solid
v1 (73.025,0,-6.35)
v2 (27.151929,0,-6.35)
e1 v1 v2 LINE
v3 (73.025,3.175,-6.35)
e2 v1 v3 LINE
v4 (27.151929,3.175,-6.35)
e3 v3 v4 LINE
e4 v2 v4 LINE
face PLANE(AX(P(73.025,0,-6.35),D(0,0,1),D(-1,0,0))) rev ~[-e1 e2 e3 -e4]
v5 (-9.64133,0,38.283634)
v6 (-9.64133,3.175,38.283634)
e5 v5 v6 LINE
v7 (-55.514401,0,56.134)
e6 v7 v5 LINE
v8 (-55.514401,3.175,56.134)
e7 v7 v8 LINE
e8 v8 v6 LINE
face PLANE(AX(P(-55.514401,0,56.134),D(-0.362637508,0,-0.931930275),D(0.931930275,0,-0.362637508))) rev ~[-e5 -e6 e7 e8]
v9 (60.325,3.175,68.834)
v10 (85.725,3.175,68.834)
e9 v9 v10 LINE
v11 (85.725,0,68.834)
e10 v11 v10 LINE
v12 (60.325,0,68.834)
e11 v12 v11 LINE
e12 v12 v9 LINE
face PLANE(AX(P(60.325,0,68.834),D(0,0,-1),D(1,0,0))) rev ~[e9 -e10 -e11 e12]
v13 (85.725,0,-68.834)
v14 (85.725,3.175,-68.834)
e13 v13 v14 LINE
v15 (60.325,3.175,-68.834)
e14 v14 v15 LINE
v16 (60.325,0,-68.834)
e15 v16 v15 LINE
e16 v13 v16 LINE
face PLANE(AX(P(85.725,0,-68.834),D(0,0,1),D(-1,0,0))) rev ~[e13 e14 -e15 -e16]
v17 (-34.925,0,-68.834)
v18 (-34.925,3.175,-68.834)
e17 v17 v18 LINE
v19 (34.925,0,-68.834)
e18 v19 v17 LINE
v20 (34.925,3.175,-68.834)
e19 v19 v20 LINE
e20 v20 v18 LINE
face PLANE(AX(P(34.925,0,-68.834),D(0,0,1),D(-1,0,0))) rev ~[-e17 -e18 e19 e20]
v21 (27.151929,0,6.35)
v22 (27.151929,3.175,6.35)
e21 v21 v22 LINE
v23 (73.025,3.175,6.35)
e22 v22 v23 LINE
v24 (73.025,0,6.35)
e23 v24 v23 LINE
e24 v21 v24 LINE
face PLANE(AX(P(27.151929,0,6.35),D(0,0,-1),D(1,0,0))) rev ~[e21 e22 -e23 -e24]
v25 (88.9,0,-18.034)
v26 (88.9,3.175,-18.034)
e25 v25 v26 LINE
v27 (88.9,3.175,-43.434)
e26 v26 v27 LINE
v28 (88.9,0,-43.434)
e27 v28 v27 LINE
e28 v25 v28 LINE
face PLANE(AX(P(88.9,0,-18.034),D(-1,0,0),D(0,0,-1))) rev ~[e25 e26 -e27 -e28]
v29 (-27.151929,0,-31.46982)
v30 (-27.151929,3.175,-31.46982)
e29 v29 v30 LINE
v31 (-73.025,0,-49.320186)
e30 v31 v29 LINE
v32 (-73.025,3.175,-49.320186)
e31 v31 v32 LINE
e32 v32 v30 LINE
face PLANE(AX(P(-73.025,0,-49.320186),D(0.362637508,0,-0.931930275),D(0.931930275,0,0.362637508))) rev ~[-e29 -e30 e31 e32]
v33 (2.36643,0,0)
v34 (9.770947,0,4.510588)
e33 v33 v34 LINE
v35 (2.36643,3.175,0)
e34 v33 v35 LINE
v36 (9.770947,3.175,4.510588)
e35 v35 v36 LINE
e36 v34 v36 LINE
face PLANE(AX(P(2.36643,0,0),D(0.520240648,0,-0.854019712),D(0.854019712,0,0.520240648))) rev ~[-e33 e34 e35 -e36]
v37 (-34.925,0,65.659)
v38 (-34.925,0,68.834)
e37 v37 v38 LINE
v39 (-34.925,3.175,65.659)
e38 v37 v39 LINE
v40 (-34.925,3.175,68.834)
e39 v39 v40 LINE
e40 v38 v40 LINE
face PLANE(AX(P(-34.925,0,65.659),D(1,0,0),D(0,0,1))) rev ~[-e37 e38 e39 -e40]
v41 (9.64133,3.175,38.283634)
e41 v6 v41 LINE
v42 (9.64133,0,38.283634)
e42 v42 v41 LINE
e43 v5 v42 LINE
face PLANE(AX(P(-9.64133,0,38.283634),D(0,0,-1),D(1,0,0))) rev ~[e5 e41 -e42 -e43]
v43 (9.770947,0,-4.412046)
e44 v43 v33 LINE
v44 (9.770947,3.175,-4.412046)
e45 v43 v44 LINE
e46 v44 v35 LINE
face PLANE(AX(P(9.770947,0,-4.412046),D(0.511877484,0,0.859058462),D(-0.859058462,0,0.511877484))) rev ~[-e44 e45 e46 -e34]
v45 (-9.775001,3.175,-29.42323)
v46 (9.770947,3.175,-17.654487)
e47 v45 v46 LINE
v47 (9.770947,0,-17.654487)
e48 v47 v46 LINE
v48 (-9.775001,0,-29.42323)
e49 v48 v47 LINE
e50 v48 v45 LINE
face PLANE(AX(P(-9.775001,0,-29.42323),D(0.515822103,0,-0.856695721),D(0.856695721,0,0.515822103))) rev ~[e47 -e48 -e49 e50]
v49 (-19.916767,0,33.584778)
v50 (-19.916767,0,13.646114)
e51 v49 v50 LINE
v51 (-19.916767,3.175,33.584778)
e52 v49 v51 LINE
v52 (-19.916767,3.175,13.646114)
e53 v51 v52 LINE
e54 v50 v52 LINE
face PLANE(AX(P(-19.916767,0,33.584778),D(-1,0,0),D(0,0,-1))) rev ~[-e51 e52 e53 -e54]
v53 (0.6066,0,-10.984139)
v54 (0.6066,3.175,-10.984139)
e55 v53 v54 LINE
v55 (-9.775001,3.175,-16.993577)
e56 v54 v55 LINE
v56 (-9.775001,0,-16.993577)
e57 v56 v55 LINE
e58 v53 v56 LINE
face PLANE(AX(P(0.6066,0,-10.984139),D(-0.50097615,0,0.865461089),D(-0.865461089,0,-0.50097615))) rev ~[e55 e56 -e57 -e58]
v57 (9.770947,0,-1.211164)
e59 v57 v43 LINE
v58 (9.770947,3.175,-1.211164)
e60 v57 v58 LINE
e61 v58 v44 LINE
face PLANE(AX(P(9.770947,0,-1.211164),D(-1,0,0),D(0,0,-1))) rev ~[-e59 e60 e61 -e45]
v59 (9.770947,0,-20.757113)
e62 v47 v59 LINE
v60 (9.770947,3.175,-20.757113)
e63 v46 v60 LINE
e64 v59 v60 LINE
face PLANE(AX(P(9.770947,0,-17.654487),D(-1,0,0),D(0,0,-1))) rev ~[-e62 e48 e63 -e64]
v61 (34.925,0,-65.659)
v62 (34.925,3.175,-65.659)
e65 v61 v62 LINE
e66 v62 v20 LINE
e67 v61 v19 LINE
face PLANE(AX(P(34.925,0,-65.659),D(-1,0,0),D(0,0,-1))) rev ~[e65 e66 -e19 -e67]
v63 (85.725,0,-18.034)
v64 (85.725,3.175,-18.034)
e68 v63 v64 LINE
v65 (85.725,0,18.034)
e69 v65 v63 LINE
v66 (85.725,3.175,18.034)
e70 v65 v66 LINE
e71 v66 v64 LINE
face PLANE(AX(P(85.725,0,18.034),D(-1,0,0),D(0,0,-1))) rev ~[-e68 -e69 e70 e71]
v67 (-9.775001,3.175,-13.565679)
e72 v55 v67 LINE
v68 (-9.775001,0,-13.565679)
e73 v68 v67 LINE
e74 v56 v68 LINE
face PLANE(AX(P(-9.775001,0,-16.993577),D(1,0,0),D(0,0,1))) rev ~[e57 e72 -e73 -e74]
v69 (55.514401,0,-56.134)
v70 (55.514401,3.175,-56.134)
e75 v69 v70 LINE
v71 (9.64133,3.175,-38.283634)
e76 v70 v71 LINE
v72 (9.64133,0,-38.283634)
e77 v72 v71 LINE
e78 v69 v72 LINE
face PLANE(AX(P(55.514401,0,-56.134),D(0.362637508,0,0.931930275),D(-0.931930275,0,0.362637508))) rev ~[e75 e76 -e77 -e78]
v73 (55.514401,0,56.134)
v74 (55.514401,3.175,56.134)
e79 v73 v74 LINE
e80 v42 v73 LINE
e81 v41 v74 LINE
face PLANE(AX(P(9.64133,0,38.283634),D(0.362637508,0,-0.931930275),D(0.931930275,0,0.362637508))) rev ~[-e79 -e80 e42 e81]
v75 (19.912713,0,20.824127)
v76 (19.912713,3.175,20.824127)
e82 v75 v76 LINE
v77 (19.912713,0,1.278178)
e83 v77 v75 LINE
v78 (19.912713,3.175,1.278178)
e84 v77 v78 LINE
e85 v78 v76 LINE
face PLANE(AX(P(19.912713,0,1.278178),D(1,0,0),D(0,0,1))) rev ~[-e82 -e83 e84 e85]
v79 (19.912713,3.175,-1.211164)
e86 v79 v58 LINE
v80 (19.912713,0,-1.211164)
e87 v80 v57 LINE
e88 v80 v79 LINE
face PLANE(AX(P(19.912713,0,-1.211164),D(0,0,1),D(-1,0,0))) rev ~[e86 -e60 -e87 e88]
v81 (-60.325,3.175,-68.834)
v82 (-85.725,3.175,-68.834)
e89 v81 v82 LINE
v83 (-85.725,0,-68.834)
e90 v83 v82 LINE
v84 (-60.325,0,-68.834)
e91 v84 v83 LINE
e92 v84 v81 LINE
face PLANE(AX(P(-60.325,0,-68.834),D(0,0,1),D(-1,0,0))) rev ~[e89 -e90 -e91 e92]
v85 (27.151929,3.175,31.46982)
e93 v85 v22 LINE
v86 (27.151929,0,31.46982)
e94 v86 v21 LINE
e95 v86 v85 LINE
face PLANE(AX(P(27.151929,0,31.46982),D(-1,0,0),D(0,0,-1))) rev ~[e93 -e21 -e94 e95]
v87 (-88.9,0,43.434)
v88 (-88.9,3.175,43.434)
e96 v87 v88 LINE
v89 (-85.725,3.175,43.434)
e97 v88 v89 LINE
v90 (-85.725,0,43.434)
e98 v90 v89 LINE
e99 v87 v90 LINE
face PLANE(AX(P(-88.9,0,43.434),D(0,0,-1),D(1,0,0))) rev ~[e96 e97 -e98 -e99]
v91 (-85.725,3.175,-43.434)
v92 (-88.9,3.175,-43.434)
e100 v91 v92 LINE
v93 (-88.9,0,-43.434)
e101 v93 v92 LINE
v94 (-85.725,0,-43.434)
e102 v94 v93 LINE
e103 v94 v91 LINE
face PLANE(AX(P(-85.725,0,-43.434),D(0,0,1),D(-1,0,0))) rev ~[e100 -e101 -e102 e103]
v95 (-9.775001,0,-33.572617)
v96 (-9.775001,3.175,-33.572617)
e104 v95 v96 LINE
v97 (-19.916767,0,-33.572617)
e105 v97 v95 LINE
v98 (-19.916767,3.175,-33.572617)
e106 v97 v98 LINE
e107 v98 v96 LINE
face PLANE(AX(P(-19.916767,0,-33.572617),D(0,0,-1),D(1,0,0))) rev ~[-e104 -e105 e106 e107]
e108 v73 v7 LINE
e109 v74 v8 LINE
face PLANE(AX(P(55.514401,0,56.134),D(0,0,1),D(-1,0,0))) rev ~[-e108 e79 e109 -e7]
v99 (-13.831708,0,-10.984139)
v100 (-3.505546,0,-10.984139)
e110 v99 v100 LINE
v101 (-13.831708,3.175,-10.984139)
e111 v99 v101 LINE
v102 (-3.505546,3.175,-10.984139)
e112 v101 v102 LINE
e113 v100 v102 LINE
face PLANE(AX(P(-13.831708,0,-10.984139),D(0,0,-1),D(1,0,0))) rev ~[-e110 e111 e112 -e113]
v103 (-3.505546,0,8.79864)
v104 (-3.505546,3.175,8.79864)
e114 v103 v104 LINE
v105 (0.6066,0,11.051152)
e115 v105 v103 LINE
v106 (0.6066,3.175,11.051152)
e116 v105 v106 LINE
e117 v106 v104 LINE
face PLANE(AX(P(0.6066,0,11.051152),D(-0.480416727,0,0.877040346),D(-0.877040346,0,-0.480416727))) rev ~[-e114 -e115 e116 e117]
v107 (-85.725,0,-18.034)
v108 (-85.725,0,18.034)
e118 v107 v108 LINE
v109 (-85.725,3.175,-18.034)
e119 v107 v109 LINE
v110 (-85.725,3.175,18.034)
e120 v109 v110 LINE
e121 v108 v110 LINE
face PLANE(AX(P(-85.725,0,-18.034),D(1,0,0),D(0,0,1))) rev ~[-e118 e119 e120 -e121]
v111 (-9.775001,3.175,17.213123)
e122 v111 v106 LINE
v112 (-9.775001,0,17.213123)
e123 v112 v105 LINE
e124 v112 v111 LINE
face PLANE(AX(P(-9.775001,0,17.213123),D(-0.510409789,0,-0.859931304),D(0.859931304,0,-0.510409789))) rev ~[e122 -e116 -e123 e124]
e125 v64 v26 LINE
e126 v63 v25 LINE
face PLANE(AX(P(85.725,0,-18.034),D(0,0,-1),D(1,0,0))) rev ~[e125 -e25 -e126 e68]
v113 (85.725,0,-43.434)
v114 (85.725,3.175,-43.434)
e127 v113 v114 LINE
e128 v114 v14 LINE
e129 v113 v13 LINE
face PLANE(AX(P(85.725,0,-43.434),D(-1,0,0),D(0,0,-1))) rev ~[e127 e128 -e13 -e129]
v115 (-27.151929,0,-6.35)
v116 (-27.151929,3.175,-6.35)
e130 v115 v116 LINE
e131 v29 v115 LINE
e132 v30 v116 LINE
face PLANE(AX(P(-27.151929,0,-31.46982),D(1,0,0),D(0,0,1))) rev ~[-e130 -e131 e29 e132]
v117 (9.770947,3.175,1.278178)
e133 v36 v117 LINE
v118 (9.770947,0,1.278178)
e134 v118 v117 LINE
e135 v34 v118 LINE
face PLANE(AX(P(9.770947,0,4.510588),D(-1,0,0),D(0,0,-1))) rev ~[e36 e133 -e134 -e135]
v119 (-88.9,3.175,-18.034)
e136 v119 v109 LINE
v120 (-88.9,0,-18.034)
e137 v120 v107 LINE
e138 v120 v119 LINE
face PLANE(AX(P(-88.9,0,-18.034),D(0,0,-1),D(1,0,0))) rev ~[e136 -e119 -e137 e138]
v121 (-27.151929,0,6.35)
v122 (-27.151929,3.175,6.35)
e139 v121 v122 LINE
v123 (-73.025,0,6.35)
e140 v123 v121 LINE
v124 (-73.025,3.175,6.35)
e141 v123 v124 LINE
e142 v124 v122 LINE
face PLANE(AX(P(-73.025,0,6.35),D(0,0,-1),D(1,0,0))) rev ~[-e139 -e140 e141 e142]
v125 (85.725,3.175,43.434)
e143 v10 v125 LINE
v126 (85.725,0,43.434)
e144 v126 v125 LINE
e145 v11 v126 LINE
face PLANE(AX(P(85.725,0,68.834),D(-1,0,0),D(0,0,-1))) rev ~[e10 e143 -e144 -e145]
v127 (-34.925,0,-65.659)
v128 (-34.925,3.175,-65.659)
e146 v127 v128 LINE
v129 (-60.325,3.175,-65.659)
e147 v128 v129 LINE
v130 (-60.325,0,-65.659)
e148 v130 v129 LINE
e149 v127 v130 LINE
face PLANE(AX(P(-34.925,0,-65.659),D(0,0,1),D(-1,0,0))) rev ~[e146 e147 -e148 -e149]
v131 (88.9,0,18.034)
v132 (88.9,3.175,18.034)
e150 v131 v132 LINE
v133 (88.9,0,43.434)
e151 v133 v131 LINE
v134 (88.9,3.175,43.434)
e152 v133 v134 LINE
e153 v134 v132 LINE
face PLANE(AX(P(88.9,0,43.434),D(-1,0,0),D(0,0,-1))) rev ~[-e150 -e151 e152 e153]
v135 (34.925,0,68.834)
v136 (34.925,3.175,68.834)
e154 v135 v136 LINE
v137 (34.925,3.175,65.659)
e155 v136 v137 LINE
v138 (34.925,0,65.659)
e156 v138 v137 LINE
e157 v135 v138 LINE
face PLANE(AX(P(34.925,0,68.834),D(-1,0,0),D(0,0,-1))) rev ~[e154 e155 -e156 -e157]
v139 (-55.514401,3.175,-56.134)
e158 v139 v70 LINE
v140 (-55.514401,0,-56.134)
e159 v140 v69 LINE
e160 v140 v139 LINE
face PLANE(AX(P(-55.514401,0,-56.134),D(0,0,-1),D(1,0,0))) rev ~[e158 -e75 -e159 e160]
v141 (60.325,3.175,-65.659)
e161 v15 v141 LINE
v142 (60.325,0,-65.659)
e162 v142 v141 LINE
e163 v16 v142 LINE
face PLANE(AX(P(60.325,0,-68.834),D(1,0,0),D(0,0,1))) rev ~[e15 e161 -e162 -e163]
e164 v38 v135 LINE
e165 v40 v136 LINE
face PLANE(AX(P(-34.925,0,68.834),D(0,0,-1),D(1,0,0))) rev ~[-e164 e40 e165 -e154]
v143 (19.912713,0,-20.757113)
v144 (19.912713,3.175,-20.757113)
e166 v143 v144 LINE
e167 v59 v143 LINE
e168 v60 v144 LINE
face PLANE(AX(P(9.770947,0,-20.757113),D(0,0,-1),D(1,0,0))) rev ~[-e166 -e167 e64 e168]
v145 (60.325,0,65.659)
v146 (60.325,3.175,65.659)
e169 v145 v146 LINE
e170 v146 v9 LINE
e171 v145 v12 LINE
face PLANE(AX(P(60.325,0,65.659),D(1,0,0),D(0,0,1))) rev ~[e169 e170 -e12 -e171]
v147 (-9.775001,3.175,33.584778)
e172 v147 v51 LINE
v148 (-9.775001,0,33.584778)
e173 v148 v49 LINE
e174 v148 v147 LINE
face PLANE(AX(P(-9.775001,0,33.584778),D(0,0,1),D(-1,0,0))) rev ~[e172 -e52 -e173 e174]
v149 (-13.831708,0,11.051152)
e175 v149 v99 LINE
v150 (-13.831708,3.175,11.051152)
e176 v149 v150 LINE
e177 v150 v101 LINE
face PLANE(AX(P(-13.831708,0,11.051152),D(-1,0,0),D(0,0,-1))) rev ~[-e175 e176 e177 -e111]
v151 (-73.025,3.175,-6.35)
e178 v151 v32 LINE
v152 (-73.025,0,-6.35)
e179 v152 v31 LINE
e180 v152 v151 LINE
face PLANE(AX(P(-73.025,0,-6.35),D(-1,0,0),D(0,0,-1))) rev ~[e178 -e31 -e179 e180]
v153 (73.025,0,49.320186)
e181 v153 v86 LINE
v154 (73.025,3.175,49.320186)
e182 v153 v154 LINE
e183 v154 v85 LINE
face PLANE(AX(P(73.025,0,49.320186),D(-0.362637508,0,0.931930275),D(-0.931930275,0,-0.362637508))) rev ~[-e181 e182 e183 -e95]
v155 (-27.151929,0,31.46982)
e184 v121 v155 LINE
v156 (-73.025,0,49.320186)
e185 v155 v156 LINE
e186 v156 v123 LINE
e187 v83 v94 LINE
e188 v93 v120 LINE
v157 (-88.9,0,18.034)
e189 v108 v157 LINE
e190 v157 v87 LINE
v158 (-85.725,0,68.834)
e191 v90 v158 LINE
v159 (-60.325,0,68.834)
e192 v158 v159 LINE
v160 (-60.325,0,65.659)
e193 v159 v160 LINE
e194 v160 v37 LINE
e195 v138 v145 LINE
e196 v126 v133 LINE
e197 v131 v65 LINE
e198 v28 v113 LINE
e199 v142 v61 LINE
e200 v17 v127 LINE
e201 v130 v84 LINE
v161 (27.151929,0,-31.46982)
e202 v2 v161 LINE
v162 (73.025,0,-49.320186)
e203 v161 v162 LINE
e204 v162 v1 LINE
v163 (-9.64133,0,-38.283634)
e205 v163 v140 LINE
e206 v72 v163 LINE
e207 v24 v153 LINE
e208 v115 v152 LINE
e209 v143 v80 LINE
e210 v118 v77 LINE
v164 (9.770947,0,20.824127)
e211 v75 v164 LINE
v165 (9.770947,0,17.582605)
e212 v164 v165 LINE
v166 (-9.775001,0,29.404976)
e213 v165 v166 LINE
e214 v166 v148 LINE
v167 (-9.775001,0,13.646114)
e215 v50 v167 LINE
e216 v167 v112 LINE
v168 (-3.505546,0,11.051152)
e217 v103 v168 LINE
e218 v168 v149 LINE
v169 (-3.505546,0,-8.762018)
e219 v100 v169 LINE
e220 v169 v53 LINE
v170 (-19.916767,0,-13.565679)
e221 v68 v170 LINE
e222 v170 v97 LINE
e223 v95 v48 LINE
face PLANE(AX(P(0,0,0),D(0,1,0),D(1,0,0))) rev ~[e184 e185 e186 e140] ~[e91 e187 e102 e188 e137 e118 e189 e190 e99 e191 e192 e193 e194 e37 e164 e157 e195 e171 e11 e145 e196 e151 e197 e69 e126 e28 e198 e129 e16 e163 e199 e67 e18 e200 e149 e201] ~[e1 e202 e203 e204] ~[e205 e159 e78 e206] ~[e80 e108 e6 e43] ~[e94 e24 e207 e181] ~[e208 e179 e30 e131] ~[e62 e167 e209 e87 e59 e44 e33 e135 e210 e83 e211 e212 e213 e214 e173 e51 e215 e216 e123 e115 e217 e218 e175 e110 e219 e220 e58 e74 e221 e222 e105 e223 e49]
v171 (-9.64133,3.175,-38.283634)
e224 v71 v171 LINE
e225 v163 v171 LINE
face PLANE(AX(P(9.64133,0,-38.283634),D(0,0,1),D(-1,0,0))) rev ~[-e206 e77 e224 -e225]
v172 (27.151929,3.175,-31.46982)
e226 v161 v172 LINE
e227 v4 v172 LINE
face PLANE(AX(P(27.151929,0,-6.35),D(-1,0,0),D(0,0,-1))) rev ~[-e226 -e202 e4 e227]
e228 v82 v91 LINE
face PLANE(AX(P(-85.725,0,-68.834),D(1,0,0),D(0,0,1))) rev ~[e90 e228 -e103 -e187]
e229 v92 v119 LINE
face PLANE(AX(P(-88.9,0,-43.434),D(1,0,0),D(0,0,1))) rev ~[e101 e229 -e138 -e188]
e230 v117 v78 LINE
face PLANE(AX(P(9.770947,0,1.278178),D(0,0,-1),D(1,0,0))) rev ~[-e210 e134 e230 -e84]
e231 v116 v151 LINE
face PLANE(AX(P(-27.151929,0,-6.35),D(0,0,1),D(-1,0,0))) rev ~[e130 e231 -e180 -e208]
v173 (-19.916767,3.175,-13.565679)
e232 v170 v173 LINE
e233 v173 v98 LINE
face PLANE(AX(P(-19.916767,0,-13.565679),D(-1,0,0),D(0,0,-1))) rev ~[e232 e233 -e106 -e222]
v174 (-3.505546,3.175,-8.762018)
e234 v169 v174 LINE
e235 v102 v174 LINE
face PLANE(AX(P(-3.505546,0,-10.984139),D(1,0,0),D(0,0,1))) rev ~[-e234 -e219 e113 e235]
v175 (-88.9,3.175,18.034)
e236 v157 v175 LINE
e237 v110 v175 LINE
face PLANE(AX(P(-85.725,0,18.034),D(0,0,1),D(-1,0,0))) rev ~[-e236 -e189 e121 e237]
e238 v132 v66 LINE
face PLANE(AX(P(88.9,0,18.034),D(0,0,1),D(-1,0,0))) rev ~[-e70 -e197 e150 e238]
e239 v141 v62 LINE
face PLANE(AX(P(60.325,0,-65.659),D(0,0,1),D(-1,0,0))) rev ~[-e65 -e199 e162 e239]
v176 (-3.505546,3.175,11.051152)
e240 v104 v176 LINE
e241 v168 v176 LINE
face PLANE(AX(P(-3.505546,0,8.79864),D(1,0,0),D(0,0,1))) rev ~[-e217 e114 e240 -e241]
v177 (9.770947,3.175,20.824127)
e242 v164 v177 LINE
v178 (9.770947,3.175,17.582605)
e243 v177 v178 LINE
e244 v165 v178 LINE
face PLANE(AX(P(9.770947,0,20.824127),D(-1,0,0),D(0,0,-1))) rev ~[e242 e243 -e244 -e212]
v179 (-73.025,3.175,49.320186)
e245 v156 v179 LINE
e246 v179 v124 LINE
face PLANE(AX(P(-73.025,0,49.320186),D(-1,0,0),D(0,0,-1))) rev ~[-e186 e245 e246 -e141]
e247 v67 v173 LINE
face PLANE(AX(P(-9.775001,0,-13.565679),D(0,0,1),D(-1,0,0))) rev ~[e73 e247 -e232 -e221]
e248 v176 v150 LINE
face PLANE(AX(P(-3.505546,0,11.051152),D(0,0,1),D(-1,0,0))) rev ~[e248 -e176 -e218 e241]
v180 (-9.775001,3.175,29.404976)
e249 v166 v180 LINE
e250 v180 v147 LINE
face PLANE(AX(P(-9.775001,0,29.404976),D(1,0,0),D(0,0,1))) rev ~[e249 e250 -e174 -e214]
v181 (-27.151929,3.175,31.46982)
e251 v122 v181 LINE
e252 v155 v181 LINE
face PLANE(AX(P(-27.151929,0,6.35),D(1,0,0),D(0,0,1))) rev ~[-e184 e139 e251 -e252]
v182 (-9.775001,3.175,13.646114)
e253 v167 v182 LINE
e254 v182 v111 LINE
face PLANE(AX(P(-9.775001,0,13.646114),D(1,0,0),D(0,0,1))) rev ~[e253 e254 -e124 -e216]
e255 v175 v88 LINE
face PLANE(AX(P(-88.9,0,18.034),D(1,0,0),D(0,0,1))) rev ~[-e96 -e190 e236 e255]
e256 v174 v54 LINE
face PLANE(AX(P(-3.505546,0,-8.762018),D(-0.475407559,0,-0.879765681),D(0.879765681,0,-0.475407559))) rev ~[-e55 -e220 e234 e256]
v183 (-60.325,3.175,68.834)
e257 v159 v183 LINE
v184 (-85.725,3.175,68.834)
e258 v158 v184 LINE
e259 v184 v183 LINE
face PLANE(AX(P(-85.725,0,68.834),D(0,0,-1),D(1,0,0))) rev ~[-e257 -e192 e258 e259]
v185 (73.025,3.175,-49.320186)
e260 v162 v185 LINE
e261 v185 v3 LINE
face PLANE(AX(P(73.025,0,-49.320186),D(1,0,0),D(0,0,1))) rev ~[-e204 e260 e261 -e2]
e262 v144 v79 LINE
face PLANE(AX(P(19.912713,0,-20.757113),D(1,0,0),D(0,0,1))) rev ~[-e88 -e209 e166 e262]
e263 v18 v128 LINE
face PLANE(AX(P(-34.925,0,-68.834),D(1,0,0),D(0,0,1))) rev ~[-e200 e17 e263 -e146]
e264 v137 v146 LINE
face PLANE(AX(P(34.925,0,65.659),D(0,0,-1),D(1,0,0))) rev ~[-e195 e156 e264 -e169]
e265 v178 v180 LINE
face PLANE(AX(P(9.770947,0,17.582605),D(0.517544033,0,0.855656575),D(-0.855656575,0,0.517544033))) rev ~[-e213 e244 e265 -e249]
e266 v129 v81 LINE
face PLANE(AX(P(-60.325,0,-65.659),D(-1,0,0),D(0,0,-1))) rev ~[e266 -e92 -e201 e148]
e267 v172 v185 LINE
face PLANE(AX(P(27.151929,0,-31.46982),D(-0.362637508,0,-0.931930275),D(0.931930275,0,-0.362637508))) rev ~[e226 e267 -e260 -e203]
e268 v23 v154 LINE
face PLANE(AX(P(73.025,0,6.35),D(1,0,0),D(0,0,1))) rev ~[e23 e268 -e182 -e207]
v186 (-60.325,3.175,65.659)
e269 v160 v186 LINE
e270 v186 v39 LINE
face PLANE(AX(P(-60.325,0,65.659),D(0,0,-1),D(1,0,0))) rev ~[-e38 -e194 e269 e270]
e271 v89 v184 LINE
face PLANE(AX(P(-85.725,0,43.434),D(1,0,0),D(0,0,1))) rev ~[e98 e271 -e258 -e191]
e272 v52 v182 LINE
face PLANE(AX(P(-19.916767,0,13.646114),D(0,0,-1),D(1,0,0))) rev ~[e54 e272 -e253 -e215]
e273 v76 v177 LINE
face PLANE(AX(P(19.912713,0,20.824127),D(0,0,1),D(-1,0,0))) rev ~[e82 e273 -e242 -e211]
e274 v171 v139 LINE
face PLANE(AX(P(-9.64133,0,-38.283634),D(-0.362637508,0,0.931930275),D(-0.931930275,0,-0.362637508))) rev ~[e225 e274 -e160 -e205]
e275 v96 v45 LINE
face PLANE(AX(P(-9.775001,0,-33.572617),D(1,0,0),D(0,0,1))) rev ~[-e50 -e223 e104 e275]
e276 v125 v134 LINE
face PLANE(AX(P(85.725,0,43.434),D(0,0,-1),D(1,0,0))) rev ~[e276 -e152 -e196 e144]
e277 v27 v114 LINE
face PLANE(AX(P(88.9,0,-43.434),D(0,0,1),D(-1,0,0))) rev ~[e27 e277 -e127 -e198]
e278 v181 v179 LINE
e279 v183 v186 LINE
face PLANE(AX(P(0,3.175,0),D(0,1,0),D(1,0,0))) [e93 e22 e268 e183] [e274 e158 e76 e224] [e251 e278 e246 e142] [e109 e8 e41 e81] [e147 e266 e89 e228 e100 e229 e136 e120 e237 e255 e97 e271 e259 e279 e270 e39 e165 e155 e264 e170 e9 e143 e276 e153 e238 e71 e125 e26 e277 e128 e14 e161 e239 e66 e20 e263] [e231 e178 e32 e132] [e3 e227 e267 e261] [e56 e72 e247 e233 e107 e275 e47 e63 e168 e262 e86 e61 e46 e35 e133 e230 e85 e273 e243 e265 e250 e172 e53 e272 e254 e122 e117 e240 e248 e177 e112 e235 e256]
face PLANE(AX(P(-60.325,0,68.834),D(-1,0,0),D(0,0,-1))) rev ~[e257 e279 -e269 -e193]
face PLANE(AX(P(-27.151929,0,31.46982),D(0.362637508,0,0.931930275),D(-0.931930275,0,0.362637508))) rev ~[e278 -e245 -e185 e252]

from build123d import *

# Parameters (mm, degrees)
BOSS_EXTRUDE1_DEPTH = 3.175


with BuildPart() as part:
    # Sketch1 → Boss-Extrude1 (new body)
    with BuildSketch(Plane(origin=(0, 0, 0), x_dir=(1, 0, 0), z_dir=(0, 1, 0))):
        Polygon((-60.325, 68.834), (-85.725, 68.834), (-85.725, 43.434), (-88.9, 43.434), (-88.9, 18.034), (-85.725, 18.034), (-85.725, -18.034), (-88.9, -18.034), (-88.9, -43.434), (-85.725, -43.434), (-85.725, -68.834), (-60.325, -68.834), (-60.325, -65.659), (-34.925, -65.659), (-34.925, -68.834), (34.925, -68.834), (34.925, -65.659), (60.325, -65.659), (60.325, -68.834), (85.725, -68.834), (85.725, -43.434), (88.9, -43.434), (88.9, -18.034), (85.725, -18.034), (85.725, 18.034), (88.9, 18.034), (88.9, 43.434), (85.725, 43.434), (85.725, 68.834), (60.325, 68.834), (60.325, 65.659), (34.925, 65.659), (34.925, 68.834), (-34.925, 68.834), (-34.925, 65.659), (-60.325, 65.659), align=None)
        Polygon((-55.514400942, -56.134), (-9.641329679, -38.283634289), (9.641329679, -38.283634289), (55.514400942, -56.134), align=None, mode=Mode.SUBTRACT)
        Polygon((-27.151928737, -31.469819814), (-73.025, -49.320185525), (-73.025, -6.35), (-27.151928737, -6.35), align=None, mode=Mode.SUBTRACT)
        Polygon((0.606600295, 10.984138701), (-9.775001271, 16.993576732), (-9.775001271, 13.565679079), (-19.916767041, 13.565679079), (-19.916767041, 33.572617007), (-9.775001271, 33.572617007), (-9.775001271, 29.423230301), (9.770947304, 17.65448668), (9.770947304, 20.757112988), (19.912713073, 20.757112988), (19.912713073, 1.211164414), (9.770947304, 1.211164414), (9.770947304, 4.412046261), (2.366430033, 0), (9.770947304, -4.510587766), (9.770947304, -1.278178094), (19.912713073, -1.278178094), (19.912713073, -20.824126668), (9.770947304, -20.824126668), (9.770947304, -17.582605044), (-9.775001271, -29.404975555), (-9.775001271, -33.584778117), (-19.916767041, -33.584778117), (-19.916767041, -13.646113818), (-9.775001271, -13.646113818), (-9.775001271, -17.213122569), (0.606600295, -11.051152381), (-3.505546068, -8.798640388), (-3.505546068, -11.051152381), (-13.831707579, -11.051152381), (-13.831707579, 10.984138701), (-3.505546068, 10.984138701), (-3.505546068, 8.762018077), align=None, mode=Mode.SUBTRACT)
        Polygon((73.025, -6.35), (73.025, -49.320185525), (27.151928737, -31.469819814), (27.151928737, -6.35), align=None, mode=Mode.SUBTRACT)
        Polygon((-73.025, 49.320185525), (-27.151928737, 31.469819814), (-27.151928737, 6.35), (-73.025, 6.35), align=None, mode=Mode.SUBTRACT)
        Polygon((27.151928737, 6.35), (27.151928737, 31.469819814), (73.025, 49.320185525), (73.025, 6.35), align=None, mode=Mode.SUBTRACT)
        Polygon((9.641329679, 38.283634289), (-9.641329679, 38.283634289), (-55.514400942, 56.134), (55.514400942, 56.134), align=None, mode=Mode.SUBTRACT)
    extrude(amount=BOSS_EXTRUDE1_DEPTH)


solid = part.part
